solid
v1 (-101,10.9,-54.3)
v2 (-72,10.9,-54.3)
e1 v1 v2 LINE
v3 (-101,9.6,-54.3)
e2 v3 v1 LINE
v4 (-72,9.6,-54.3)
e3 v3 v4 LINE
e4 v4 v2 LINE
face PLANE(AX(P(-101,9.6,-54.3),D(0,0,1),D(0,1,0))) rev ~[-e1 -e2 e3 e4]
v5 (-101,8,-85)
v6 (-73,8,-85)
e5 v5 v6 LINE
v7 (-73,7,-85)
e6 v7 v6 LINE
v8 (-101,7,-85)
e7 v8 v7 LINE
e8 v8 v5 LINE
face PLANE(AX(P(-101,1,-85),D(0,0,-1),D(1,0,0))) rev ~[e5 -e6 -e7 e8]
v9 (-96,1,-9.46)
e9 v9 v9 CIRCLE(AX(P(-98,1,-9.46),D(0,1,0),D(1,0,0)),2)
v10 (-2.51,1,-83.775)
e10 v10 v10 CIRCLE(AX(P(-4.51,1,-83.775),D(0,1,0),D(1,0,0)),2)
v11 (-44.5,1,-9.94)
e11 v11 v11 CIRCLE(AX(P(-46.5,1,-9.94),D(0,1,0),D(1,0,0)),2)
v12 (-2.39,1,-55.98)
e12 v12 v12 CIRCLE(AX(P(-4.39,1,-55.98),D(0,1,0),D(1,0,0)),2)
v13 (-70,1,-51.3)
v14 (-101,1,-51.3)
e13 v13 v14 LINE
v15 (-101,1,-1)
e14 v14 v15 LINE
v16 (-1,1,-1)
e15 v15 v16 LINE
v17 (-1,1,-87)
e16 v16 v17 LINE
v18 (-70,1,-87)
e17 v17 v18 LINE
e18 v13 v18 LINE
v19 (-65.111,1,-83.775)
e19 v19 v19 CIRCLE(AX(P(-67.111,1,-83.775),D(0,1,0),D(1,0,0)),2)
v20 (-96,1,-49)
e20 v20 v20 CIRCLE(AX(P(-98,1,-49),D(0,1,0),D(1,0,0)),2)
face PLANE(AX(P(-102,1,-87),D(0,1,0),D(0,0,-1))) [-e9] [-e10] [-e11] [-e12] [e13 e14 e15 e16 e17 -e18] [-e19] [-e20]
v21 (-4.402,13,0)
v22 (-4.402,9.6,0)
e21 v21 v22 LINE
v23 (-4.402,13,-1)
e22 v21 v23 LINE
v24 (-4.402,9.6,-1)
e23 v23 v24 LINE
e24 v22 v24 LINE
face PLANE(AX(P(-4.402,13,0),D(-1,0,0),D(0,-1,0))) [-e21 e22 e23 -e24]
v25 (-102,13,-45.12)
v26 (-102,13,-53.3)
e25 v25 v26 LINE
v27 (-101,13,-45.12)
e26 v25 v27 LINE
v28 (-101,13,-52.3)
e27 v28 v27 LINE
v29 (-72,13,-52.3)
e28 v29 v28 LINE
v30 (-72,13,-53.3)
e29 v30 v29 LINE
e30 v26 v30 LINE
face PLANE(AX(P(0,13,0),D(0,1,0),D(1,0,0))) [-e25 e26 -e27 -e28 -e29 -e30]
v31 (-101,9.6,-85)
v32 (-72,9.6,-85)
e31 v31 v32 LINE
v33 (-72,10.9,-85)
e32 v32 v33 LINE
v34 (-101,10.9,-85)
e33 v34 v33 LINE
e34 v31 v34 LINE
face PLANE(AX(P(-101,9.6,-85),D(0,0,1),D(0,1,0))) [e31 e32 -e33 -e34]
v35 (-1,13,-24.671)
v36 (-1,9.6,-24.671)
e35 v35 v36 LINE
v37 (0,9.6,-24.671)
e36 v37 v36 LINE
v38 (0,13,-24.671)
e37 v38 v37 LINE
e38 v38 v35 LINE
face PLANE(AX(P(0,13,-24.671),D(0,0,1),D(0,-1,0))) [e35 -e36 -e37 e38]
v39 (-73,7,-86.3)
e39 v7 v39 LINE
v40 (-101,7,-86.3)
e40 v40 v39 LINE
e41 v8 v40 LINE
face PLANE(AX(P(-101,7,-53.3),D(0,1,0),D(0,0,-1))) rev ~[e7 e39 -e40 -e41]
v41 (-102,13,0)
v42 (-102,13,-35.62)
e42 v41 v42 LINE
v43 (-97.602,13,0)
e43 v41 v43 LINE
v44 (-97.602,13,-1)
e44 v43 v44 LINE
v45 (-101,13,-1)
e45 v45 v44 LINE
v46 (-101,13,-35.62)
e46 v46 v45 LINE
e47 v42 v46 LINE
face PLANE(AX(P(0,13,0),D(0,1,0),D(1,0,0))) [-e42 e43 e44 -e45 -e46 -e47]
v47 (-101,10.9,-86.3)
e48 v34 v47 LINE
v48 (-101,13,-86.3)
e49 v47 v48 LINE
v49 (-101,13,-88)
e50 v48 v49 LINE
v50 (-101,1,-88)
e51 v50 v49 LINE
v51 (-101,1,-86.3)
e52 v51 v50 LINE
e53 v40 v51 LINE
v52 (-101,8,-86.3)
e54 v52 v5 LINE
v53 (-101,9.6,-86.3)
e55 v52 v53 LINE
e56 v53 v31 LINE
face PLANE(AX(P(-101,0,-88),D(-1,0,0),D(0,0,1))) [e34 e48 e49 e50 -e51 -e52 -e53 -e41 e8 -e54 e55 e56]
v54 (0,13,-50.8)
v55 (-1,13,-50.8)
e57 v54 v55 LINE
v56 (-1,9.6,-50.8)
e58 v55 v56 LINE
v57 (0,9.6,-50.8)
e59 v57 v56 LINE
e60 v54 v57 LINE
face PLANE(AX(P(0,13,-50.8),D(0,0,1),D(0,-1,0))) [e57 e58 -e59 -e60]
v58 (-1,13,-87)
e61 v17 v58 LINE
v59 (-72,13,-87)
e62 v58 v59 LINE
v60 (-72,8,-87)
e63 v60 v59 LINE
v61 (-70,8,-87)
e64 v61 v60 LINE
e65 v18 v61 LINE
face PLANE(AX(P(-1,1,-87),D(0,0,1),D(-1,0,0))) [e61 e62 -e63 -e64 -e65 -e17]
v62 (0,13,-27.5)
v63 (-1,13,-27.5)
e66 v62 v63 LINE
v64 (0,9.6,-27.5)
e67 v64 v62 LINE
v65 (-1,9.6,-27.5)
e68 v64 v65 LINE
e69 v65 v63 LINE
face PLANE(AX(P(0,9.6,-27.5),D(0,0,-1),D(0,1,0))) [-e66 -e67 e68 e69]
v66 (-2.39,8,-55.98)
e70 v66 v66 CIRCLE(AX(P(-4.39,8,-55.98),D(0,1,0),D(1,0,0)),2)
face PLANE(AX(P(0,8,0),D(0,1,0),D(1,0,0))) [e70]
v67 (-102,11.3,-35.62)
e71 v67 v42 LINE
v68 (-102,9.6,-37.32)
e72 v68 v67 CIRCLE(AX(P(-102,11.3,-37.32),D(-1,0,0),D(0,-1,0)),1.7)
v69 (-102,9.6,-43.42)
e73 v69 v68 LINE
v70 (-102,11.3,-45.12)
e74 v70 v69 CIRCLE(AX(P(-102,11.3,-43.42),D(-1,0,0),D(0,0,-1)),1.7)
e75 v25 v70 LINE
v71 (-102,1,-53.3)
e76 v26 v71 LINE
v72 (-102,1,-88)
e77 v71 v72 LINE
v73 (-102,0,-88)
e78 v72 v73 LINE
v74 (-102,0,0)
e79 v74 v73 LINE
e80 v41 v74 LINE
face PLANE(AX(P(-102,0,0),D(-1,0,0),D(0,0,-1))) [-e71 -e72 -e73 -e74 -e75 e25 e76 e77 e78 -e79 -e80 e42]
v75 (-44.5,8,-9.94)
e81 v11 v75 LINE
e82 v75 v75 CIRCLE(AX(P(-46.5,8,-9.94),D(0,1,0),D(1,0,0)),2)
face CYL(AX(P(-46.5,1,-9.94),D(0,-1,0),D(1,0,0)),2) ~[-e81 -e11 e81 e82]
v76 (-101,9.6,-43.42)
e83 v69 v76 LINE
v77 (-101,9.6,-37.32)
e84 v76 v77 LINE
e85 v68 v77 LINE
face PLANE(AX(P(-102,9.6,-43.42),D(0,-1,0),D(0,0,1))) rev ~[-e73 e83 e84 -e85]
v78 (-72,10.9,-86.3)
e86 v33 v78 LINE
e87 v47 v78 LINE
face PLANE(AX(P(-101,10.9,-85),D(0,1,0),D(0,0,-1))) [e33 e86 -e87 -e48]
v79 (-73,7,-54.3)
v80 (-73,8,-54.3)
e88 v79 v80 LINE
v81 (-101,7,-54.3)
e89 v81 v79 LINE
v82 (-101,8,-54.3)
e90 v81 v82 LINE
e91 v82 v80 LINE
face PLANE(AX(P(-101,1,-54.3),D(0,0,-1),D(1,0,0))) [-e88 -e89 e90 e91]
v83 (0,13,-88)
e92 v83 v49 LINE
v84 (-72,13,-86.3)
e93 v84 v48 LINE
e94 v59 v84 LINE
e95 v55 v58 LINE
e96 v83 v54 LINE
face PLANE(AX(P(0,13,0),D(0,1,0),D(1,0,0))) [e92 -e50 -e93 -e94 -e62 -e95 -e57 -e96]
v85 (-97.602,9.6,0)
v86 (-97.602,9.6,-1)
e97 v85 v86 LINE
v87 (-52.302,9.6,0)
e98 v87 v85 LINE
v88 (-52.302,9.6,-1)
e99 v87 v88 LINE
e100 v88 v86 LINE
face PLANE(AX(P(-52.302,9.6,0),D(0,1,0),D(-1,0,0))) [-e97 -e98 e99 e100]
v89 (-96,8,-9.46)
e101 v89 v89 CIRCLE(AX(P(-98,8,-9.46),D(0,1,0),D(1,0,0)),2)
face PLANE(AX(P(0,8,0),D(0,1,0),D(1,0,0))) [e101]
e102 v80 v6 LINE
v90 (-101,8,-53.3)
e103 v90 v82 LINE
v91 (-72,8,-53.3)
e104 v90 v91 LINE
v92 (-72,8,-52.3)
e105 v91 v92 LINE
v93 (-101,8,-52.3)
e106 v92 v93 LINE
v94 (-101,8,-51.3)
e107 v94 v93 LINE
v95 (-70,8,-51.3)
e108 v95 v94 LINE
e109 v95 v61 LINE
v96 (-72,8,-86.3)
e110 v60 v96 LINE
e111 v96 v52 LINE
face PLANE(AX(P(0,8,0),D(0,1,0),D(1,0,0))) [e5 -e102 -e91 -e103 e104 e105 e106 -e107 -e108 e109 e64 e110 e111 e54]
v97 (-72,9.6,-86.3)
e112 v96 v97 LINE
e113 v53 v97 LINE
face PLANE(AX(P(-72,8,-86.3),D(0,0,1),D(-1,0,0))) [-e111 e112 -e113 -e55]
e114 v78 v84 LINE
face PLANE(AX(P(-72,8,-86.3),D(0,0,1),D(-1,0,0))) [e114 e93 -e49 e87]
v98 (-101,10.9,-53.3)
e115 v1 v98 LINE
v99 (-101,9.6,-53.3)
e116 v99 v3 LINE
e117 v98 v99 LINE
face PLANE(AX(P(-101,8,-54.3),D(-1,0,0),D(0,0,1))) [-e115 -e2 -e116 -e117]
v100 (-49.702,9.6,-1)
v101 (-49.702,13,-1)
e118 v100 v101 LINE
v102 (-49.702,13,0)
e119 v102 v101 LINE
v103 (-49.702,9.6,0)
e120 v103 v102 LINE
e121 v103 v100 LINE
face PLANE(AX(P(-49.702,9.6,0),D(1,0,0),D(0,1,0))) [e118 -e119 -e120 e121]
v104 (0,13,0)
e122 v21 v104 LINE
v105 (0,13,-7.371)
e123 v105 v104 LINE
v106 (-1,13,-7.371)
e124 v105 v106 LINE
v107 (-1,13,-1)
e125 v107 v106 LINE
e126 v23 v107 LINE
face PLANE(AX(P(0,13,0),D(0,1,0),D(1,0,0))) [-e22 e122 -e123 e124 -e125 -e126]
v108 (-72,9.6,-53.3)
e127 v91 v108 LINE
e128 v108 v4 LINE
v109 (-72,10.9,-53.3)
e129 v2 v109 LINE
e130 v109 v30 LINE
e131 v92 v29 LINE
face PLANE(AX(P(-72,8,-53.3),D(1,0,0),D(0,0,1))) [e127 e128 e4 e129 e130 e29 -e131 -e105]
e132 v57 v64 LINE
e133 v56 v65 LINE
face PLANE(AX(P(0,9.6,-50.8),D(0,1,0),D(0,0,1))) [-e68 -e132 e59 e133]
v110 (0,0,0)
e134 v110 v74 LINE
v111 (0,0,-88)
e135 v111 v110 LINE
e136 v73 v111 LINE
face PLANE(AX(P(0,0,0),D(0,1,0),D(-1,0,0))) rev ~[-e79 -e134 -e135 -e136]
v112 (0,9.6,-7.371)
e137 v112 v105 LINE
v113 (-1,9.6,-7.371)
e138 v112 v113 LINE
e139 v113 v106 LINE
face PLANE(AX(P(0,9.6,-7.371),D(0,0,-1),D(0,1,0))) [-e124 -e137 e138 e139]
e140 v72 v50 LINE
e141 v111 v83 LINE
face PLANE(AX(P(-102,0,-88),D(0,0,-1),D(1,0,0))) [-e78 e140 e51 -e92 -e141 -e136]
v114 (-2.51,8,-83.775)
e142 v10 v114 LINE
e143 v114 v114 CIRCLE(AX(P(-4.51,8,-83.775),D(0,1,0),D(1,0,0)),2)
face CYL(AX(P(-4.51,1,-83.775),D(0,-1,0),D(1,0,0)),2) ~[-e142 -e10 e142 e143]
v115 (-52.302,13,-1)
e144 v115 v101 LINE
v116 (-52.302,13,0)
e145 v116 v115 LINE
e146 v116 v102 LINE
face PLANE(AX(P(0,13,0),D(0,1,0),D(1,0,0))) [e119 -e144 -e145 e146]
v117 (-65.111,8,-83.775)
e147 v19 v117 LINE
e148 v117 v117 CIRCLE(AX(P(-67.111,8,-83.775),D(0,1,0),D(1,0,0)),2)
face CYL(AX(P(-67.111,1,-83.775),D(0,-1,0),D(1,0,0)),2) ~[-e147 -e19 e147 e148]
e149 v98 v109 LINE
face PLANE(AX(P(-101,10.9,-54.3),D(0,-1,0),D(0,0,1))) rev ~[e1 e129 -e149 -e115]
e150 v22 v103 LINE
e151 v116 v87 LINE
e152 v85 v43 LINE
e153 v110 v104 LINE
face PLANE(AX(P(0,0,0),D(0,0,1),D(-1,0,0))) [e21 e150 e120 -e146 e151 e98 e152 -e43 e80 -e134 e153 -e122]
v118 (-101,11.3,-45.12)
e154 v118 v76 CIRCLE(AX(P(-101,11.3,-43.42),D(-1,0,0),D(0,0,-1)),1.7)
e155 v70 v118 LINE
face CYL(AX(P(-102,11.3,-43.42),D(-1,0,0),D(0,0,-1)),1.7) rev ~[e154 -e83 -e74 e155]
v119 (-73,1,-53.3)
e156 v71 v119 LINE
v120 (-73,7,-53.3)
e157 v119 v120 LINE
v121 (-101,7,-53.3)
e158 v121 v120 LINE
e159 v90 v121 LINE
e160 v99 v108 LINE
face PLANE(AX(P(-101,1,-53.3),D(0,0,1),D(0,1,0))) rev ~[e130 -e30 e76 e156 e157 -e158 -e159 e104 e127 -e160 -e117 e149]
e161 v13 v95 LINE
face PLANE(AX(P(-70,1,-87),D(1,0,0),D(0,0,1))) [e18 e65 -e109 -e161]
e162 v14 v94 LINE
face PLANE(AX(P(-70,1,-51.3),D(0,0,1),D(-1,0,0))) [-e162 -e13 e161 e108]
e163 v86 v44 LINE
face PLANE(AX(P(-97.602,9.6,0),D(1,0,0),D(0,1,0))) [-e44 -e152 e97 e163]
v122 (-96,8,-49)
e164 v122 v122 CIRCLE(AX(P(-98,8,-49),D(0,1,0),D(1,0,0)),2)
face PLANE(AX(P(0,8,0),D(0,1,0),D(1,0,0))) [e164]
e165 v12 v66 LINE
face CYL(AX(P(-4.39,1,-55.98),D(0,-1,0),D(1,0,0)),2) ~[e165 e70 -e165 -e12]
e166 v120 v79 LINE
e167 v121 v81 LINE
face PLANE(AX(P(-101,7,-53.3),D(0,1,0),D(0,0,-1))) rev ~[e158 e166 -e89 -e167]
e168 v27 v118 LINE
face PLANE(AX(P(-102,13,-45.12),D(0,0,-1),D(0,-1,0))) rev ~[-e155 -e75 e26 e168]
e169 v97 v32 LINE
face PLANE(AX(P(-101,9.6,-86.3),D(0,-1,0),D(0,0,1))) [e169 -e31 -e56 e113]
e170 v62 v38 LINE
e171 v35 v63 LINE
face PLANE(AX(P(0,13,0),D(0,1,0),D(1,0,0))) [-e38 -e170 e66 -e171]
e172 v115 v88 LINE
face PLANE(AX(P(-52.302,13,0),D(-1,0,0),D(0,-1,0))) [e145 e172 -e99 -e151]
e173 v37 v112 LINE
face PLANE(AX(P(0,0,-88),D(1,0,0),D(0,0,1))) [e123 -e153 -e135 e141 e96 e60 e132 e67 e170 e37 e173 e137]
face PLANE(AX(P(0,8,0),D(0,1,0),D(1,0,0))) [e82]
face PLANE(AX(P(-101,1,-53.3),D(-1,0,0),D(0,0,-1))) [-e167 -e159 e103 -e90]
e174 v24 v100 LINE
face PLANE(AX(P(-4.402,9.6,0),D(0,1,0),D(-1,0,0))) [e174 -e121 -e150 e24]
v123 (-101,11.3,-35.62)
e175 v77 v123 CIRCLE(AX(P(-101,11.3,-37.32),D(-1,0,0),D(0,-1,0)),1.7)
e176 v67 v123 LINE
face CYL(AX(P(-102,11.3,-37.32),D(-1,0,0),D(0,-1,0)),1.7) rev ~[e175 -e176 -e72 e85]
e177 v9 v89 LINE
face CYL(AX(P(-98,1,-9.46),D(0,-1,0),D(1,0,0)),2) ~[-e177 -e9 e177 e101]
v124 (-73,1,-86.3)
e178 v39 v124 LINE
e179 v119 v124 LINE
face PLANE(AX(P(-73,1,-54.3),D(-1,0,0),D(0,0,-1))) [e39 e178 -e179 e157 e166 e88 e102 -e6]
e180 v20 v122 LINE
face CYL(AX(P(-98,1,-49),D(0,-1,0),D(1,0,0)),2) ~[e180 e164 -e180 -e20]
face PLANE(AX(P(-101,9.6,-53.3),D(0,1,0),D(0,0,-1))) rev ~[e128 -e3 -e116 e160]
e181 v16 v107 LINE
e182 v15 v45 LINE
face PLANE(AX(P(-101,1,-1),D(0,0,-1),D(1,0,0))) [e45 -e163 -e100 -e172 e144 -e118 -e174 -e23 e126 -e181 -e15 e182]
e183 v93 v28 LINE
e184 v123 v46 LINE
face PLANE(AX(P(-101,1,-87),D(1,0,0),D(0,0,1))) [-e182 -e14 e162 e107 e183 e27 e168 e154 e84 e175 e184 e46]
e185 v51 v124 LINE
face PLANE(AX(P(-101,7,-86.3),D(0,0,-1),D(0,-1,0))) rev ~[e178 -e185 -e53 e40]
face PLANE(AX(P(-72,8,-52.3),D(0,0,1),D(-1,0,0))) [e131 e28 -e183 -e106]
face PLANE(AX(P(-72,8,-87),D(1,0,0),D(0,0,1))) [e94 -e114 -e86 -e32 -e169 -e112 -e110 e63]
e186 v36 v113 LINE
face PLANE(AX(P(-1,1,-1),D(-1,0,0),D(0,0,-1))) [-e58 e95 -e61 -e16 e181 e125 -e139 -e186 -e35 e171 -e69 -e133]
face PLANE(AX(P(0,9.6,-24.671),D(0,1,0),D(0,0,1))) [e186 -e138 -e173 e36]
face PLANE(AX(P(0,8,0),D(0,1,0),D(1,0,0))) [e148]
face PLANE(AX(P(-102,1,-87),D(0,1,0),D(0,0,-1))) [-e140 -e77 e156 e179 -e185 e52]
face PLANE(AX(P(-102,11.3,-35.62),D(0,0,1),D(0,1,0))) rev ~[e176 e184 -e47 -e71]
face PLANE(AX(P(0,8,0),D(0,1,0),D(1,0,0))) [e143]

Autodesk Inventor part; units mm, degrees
ref_plane "YZ Plane" through (0, 0, 0) normal (1, 0, 0) x (0, 1, 0)
ref_plane "XZ Plane" through (0, 0, 0) normal (0, 1, 0) x (-1, 0, 0)
ref_plane "XY Plane" through (0, 0, 0) normal (0, 0, 1) x (1, 0, 0)
sketch "Sketch1" plane through (0, 0, 0) normal (0, 1, 0) x (-1, 0, 0)
  line L0 (0, 0) -> (102, 0)
  line L1 (102, 0) -> (102, -88)
  line L2 (102, -88) -> (0, -88)
  line L3 (0, -88) -> (0, 0)
  dimension "d0" = 102
  dimension "d1" = 88
extrude "Extrusion1" add sketch "Sketch1" along normal blind 1
sketch "Sketch3" plane through (0, 1, 0) normal (0, 1, 0) x (1, 0, 0)
  line L0 (0, 88) -> (-102, 88) projected
  line L1 (-102, 0) -> (0, 0) projected
  line L2 (-102, 88) -> (0, 88)
  line L3 (0, 88) -> (0, 0)
  line L4 (0, 0) -> (-102, 0)
  line L5 (-102, 0) -> (-102, 88)
  line L6 (-1, 1) -> (-1, 87)
  line L7 (-1, 87) -> (-101, 87)
  line L8 (-101, 87) -> (-101, 1)
  line L9 (-101, 1) -> (-1, 1)
  dimension "d7" = 1
extrude "Extrusion3" add sketch "Sketch3" along normal blind 12
sketch "Sketch4" plane through (-102, 0, 0) normal (0, 0, 1) x (1, 0, 0)
  line L0 (101, 13) -> (1, 13) projected
  line L1 (4.398, 13) -> (49.698, 13)
  line L2 (49.698, 13) -> (49.698, 9.6)
  line L3 (49.698, 9.6) -> (4.398, 9.6)
  line L4 (4.398, 9.6) -> (4.398, 13)
  line L5 (52.298, 13) -> (97.598, 13)
  line L6 (97.598, 13) -> (97.598, 9.6)
  line L7 (97.598, 9.6) -> (52.298, 9.6)
  line L8 (52.298, 9.6) -> (52.298, 13)
  line L9 (102, 0) -> (102, 13) projected
  line L10 (0, 0) -> (102, 0) projected
  dimension "d10" = 45.3
  dimension "d11" = 4.402
  dimension "d12" = 2.6
  dimension "d13" = 9.6
extrude "Extrusion4" cut sketch "Sketch4" against normal up to surface (1 mm away)
sketch "Sketch5" plane through (0, 0, 0) normal (1, 0, 0) x (0, 0, -1)
  line L0 (7.371, 13) -> (24.671, 13)
  line L1 (24.671, 13) -> (24.671, 9.6)
  line L2 (24.671, 9.6) -> (7.371, 9.6)
  line L3 (7.371, 9.6) -> (7.371, 13)
  line L4 (27.5, 13) -> (50.8, 13)
  line L5 (50.8, 13) -> (50.8, 9.6)
  line L6 (50.8, 9.6) -> (27.5, 9.6)
  line L7 (27.5, 9.6) -> (27.5, 13)
  line L8 (0, 13) -> (88, 13) projected
  line L9 (0, 0) -> (88, 0) projected
  line L10 (0, 13) -> (0, 9.6) projected
  dimension "d16" = 17.3
  dimension "d17" = 23.3
  dimension "d19" = 7.371
  dimension "d20" = 2.829
extrude "Extrusion5" cut sketch "Sketch5" against normal up to surface (1 mm away)
sketch "Sketch6" plane through (-102, 0, -88) normal (-1, 0, 0) x (0, 0, 1)
  line L0 (44.58, 11.3) -> (50.68, 11.3) construction
  line L1 (44.58, 9.6) -> (50.68, 9.6)
  arc A0 (42.88, 11.3) -> (44.58, 9.6) centre (44.58, 11.3) ccw
  arc A1 (50.68, 9.6) -> (52.38, 11.3) centre (50.68, 11.3) ccw
  line L2 (87, 1) -> (87, 13) projected
  line L3 (0, 0) -> (88, 0) projected
  line L4 (0, 13) -> (88, 13) projected
  line L5 (87, 13) -> (1, 13) projected
  line L6 (42.88, 13) -> (42.88, 11.3)
  line L7 (52.38, 11.3) -> (52.38, 13)
  line L8 (60.5, 9.6) -> (37.2, 9.6) projected
  line L9 (42.88, 13) -> (52.38, 13)
  point P0 (47.63, 11.3)
  dimension "d24" = 39.37
  dimension "d25" = 9.5
  dimension "d50" = 1.7
  dimension "d51" = 1.7
  dimension "d52" = 1.7
  dimension "d53" = 1.7
extrude "Extrusion6" cut sketch "Sketch6" against normal up to surface (1 mm away)
sketch "Sketch7" plane through (-102, 0, -88) normal (-1, 0, 0) x (0, 0, 1)
  line L0 (1, 1) -> (87, 1) projected
  line L1 (0, 13) -> (34.7, 13)
  line L2 (34.7, 13) -> (34.7, 1)
  line L3 (34.7, 1) -> (0, 1)
  line L4 (0, 1) -> (0, 13)
  line L5 (0, 13) -> (88, 13) projected
  line L6 (0, 0) -> (0, 13) projected
  point P0 (88, 0)
  dimension "d30" = 34.7
extrude "Extrusion7" cut sketch "Sketch7" against normal up to surface (1 mm away)
sketch "Sketch8" plane through (0, 1, 0) normal (0, 1, 0) x (1, 0, 0)
  line L0 (-101, 54.3) -> (-73, 54.3)
  line L1 (-70, 53.4922) -> (-70, 51.3)
  line L2 (-70, 51.3) -> (-101, 51.3)
  line L3 (-101, 51.3) -> (-101, 54.3)
  line L4 (-1, 87) -> (-101, 87) projected
  line L5 (-73, 54.3) -> (-73, 85)
  line L6 (-73, 87) -> (-70, 87)
  line L7 (-70, 87) -> (-70, 53.4922)
  line L8 (-101, 53.3) -> (-101, 1) projected
  line L9 (-102, 53.3) -> (-101, 53.3) projected
  line L10 (-73, 87) -> (-101, 87)
  line L11 (-101, 87) -> (-101, 85)
  line L12 (-101, 85) -> (-73, 85)
  point P0 (0, 0)
  dimension "d33" = 3
  dimension "d34" = 3
  dimension "d38" = 31
  dimension "d39" = 2
  dimension "d40" = 2
extrude "Extrusion8" add sketch "Sketch8" along normal blind 7
sketch "Sketch9" plane through (0, 8, 0) normal (0, 1, 0) x (1, 0, 0)
  line L0 (-101, 53.3) -> (-72, 53.3)
  line L1 (-72, 53.3) -> (-72, 52.3)
  line L2 (-72, 52.3) -> (-101, 52.3)
  line L3 (-101, 52.3) -> (-101, 53.3)
  line L4 (-73, 54.3) -> (-101, 54.3) projected
  line L5 (-101, 51.3) -> (-70, 51.3) projected
  line L6 (-101, 85) -> (-101, 88) projected
  line L7 (-101, 87) -> (-72, 87)
  line L8 (-72, 87) -> (-72, 86.3)
  line L9 (-72, 86.3) -> (-101, 86.3)
  line L10 (-101, 86.3) -> (-101, 87)
  line L11 (-101, 87) -> (-70, 87) projected
  line L12 (-73, 85) -> (-73, 54.3) projected
  point P0 (0, 0)
  point P1 (-101, 86.3)
  dimension "d41" = 1
  dimension "d42" = 1
  dimension "d45" = 0.7
  dimension "d46" = 1
extrude "Extrusion9" add sketch "Sketch9" along normal up to surface (5 mm away)
sketch "Sketch10" plane through (-101, 1, -54.3) normal (-1, 0, 0) x (0, 0, 1)
  line L0 (1, 0) -> (1, 7) projected
  line L1 (53.3, 0) -> (-32.7, 0) projected
  line L2 (1, 6) -> (-32, 6)
  line L3 (-32, 6) -> (-32, 0)
  line L4 (-32, 0) -> (1, 0)
  line L5 (1, 0) -> (1, 6)
  line L6 (-32, 7) -> (-32, 12) projected
  line L7 (-30.7, 7) -> (0, 7) projected
  point P0 (54.3, -1)
  point P1 (1, 10)
  dimension "d47" = 1
extrude "Extrusion10" cut sketch "Sketch10" against normal up to surface (28 mm away)
sketch "Sketch11" plane through (-101, 8, -54.3) normal (-1, 0, 0) x (0, 0, 1)
  line L0 (1, 5) -> (1, -7) projected
  line L1 (1, 1.6) -> (0, 1.6)
  line L2 (0, 1.6) -> (0, 2.9)
  line L3 (0, 2.9) -> (1, 2.9)
  line L4 (1, 2.9) -> (1, 1.6)
  line L5 (-32, 0) -> (-32, 5) projected
  line L6 (-32, 1.6) -> (-30.7, 1.6)
  line L7 (-30.7, 1.6) -> (-30.7, 2.9)
  line L8 (-30.7, 2.9) -> (-32, 2.9)
  line L9 (-32, 2.9) -> (-32, 1.6)
  line L10 (-32, 0) -> (-30.7, 0) projected
  line L11 (-30.7, -1) -> (-30.7, 0) projected
  line L12 (0, -1) -> (0, 0) projected
  point P0 (54.3, -8)
  point P1 (1, 2.9)
  point P2 (-32, 2.9)
  dimension "d54" = 1.6
extrude "Extrusion11" add sketch "Sketch11" against normal up to surface (29 mm away)
sketch "Sketch12" plane through (0, 1, 0) normal (0, 1, 0) x (1, 0, 0)
  circle A0 centre (-98, 9.46) radius 2
  circle A1 centre (-98, 49) radius 2
  circle A2 centre (-46.5, 9.94) radius 2
  circle A3 centre (-67.111, 83.775) radius 2
  circle A4 centre (-4.51, 83.775) radius 2
  circle A5 centre (-4.39, 55.98) radius 2
  line L0 (-49.702, 1) -> (-4.402, 1) projected
  line L1 (-1, 7.371) -> (-1, 1) projected
  line L2 (-1, 1) -> (-4.402, 1) projected
  line L3 (-1, 87) -> (-1, 50.8) projected
  point P0 (0, 0)
  dimension "d57" = 8.94
  dimension "d58" = 45.5
  dimension "d59" = 4
  dimension "d60" = 54.98
  dimension "d61" = 3.39
  dimension "d62" = 3.51
  dimension "d63" = 82.775
  dimension "d64" = 82.775
  dimension "d65" = 66.111
  dimension "d66" = 97
  dimension "d67" = 8.46
  dimension "d68" = 48
  dimension "d69" = 97
extrude "Extrusion12" add sketch "Sketch12" along normal up to surface (7 mm away)
properties part number "BaseCase"
